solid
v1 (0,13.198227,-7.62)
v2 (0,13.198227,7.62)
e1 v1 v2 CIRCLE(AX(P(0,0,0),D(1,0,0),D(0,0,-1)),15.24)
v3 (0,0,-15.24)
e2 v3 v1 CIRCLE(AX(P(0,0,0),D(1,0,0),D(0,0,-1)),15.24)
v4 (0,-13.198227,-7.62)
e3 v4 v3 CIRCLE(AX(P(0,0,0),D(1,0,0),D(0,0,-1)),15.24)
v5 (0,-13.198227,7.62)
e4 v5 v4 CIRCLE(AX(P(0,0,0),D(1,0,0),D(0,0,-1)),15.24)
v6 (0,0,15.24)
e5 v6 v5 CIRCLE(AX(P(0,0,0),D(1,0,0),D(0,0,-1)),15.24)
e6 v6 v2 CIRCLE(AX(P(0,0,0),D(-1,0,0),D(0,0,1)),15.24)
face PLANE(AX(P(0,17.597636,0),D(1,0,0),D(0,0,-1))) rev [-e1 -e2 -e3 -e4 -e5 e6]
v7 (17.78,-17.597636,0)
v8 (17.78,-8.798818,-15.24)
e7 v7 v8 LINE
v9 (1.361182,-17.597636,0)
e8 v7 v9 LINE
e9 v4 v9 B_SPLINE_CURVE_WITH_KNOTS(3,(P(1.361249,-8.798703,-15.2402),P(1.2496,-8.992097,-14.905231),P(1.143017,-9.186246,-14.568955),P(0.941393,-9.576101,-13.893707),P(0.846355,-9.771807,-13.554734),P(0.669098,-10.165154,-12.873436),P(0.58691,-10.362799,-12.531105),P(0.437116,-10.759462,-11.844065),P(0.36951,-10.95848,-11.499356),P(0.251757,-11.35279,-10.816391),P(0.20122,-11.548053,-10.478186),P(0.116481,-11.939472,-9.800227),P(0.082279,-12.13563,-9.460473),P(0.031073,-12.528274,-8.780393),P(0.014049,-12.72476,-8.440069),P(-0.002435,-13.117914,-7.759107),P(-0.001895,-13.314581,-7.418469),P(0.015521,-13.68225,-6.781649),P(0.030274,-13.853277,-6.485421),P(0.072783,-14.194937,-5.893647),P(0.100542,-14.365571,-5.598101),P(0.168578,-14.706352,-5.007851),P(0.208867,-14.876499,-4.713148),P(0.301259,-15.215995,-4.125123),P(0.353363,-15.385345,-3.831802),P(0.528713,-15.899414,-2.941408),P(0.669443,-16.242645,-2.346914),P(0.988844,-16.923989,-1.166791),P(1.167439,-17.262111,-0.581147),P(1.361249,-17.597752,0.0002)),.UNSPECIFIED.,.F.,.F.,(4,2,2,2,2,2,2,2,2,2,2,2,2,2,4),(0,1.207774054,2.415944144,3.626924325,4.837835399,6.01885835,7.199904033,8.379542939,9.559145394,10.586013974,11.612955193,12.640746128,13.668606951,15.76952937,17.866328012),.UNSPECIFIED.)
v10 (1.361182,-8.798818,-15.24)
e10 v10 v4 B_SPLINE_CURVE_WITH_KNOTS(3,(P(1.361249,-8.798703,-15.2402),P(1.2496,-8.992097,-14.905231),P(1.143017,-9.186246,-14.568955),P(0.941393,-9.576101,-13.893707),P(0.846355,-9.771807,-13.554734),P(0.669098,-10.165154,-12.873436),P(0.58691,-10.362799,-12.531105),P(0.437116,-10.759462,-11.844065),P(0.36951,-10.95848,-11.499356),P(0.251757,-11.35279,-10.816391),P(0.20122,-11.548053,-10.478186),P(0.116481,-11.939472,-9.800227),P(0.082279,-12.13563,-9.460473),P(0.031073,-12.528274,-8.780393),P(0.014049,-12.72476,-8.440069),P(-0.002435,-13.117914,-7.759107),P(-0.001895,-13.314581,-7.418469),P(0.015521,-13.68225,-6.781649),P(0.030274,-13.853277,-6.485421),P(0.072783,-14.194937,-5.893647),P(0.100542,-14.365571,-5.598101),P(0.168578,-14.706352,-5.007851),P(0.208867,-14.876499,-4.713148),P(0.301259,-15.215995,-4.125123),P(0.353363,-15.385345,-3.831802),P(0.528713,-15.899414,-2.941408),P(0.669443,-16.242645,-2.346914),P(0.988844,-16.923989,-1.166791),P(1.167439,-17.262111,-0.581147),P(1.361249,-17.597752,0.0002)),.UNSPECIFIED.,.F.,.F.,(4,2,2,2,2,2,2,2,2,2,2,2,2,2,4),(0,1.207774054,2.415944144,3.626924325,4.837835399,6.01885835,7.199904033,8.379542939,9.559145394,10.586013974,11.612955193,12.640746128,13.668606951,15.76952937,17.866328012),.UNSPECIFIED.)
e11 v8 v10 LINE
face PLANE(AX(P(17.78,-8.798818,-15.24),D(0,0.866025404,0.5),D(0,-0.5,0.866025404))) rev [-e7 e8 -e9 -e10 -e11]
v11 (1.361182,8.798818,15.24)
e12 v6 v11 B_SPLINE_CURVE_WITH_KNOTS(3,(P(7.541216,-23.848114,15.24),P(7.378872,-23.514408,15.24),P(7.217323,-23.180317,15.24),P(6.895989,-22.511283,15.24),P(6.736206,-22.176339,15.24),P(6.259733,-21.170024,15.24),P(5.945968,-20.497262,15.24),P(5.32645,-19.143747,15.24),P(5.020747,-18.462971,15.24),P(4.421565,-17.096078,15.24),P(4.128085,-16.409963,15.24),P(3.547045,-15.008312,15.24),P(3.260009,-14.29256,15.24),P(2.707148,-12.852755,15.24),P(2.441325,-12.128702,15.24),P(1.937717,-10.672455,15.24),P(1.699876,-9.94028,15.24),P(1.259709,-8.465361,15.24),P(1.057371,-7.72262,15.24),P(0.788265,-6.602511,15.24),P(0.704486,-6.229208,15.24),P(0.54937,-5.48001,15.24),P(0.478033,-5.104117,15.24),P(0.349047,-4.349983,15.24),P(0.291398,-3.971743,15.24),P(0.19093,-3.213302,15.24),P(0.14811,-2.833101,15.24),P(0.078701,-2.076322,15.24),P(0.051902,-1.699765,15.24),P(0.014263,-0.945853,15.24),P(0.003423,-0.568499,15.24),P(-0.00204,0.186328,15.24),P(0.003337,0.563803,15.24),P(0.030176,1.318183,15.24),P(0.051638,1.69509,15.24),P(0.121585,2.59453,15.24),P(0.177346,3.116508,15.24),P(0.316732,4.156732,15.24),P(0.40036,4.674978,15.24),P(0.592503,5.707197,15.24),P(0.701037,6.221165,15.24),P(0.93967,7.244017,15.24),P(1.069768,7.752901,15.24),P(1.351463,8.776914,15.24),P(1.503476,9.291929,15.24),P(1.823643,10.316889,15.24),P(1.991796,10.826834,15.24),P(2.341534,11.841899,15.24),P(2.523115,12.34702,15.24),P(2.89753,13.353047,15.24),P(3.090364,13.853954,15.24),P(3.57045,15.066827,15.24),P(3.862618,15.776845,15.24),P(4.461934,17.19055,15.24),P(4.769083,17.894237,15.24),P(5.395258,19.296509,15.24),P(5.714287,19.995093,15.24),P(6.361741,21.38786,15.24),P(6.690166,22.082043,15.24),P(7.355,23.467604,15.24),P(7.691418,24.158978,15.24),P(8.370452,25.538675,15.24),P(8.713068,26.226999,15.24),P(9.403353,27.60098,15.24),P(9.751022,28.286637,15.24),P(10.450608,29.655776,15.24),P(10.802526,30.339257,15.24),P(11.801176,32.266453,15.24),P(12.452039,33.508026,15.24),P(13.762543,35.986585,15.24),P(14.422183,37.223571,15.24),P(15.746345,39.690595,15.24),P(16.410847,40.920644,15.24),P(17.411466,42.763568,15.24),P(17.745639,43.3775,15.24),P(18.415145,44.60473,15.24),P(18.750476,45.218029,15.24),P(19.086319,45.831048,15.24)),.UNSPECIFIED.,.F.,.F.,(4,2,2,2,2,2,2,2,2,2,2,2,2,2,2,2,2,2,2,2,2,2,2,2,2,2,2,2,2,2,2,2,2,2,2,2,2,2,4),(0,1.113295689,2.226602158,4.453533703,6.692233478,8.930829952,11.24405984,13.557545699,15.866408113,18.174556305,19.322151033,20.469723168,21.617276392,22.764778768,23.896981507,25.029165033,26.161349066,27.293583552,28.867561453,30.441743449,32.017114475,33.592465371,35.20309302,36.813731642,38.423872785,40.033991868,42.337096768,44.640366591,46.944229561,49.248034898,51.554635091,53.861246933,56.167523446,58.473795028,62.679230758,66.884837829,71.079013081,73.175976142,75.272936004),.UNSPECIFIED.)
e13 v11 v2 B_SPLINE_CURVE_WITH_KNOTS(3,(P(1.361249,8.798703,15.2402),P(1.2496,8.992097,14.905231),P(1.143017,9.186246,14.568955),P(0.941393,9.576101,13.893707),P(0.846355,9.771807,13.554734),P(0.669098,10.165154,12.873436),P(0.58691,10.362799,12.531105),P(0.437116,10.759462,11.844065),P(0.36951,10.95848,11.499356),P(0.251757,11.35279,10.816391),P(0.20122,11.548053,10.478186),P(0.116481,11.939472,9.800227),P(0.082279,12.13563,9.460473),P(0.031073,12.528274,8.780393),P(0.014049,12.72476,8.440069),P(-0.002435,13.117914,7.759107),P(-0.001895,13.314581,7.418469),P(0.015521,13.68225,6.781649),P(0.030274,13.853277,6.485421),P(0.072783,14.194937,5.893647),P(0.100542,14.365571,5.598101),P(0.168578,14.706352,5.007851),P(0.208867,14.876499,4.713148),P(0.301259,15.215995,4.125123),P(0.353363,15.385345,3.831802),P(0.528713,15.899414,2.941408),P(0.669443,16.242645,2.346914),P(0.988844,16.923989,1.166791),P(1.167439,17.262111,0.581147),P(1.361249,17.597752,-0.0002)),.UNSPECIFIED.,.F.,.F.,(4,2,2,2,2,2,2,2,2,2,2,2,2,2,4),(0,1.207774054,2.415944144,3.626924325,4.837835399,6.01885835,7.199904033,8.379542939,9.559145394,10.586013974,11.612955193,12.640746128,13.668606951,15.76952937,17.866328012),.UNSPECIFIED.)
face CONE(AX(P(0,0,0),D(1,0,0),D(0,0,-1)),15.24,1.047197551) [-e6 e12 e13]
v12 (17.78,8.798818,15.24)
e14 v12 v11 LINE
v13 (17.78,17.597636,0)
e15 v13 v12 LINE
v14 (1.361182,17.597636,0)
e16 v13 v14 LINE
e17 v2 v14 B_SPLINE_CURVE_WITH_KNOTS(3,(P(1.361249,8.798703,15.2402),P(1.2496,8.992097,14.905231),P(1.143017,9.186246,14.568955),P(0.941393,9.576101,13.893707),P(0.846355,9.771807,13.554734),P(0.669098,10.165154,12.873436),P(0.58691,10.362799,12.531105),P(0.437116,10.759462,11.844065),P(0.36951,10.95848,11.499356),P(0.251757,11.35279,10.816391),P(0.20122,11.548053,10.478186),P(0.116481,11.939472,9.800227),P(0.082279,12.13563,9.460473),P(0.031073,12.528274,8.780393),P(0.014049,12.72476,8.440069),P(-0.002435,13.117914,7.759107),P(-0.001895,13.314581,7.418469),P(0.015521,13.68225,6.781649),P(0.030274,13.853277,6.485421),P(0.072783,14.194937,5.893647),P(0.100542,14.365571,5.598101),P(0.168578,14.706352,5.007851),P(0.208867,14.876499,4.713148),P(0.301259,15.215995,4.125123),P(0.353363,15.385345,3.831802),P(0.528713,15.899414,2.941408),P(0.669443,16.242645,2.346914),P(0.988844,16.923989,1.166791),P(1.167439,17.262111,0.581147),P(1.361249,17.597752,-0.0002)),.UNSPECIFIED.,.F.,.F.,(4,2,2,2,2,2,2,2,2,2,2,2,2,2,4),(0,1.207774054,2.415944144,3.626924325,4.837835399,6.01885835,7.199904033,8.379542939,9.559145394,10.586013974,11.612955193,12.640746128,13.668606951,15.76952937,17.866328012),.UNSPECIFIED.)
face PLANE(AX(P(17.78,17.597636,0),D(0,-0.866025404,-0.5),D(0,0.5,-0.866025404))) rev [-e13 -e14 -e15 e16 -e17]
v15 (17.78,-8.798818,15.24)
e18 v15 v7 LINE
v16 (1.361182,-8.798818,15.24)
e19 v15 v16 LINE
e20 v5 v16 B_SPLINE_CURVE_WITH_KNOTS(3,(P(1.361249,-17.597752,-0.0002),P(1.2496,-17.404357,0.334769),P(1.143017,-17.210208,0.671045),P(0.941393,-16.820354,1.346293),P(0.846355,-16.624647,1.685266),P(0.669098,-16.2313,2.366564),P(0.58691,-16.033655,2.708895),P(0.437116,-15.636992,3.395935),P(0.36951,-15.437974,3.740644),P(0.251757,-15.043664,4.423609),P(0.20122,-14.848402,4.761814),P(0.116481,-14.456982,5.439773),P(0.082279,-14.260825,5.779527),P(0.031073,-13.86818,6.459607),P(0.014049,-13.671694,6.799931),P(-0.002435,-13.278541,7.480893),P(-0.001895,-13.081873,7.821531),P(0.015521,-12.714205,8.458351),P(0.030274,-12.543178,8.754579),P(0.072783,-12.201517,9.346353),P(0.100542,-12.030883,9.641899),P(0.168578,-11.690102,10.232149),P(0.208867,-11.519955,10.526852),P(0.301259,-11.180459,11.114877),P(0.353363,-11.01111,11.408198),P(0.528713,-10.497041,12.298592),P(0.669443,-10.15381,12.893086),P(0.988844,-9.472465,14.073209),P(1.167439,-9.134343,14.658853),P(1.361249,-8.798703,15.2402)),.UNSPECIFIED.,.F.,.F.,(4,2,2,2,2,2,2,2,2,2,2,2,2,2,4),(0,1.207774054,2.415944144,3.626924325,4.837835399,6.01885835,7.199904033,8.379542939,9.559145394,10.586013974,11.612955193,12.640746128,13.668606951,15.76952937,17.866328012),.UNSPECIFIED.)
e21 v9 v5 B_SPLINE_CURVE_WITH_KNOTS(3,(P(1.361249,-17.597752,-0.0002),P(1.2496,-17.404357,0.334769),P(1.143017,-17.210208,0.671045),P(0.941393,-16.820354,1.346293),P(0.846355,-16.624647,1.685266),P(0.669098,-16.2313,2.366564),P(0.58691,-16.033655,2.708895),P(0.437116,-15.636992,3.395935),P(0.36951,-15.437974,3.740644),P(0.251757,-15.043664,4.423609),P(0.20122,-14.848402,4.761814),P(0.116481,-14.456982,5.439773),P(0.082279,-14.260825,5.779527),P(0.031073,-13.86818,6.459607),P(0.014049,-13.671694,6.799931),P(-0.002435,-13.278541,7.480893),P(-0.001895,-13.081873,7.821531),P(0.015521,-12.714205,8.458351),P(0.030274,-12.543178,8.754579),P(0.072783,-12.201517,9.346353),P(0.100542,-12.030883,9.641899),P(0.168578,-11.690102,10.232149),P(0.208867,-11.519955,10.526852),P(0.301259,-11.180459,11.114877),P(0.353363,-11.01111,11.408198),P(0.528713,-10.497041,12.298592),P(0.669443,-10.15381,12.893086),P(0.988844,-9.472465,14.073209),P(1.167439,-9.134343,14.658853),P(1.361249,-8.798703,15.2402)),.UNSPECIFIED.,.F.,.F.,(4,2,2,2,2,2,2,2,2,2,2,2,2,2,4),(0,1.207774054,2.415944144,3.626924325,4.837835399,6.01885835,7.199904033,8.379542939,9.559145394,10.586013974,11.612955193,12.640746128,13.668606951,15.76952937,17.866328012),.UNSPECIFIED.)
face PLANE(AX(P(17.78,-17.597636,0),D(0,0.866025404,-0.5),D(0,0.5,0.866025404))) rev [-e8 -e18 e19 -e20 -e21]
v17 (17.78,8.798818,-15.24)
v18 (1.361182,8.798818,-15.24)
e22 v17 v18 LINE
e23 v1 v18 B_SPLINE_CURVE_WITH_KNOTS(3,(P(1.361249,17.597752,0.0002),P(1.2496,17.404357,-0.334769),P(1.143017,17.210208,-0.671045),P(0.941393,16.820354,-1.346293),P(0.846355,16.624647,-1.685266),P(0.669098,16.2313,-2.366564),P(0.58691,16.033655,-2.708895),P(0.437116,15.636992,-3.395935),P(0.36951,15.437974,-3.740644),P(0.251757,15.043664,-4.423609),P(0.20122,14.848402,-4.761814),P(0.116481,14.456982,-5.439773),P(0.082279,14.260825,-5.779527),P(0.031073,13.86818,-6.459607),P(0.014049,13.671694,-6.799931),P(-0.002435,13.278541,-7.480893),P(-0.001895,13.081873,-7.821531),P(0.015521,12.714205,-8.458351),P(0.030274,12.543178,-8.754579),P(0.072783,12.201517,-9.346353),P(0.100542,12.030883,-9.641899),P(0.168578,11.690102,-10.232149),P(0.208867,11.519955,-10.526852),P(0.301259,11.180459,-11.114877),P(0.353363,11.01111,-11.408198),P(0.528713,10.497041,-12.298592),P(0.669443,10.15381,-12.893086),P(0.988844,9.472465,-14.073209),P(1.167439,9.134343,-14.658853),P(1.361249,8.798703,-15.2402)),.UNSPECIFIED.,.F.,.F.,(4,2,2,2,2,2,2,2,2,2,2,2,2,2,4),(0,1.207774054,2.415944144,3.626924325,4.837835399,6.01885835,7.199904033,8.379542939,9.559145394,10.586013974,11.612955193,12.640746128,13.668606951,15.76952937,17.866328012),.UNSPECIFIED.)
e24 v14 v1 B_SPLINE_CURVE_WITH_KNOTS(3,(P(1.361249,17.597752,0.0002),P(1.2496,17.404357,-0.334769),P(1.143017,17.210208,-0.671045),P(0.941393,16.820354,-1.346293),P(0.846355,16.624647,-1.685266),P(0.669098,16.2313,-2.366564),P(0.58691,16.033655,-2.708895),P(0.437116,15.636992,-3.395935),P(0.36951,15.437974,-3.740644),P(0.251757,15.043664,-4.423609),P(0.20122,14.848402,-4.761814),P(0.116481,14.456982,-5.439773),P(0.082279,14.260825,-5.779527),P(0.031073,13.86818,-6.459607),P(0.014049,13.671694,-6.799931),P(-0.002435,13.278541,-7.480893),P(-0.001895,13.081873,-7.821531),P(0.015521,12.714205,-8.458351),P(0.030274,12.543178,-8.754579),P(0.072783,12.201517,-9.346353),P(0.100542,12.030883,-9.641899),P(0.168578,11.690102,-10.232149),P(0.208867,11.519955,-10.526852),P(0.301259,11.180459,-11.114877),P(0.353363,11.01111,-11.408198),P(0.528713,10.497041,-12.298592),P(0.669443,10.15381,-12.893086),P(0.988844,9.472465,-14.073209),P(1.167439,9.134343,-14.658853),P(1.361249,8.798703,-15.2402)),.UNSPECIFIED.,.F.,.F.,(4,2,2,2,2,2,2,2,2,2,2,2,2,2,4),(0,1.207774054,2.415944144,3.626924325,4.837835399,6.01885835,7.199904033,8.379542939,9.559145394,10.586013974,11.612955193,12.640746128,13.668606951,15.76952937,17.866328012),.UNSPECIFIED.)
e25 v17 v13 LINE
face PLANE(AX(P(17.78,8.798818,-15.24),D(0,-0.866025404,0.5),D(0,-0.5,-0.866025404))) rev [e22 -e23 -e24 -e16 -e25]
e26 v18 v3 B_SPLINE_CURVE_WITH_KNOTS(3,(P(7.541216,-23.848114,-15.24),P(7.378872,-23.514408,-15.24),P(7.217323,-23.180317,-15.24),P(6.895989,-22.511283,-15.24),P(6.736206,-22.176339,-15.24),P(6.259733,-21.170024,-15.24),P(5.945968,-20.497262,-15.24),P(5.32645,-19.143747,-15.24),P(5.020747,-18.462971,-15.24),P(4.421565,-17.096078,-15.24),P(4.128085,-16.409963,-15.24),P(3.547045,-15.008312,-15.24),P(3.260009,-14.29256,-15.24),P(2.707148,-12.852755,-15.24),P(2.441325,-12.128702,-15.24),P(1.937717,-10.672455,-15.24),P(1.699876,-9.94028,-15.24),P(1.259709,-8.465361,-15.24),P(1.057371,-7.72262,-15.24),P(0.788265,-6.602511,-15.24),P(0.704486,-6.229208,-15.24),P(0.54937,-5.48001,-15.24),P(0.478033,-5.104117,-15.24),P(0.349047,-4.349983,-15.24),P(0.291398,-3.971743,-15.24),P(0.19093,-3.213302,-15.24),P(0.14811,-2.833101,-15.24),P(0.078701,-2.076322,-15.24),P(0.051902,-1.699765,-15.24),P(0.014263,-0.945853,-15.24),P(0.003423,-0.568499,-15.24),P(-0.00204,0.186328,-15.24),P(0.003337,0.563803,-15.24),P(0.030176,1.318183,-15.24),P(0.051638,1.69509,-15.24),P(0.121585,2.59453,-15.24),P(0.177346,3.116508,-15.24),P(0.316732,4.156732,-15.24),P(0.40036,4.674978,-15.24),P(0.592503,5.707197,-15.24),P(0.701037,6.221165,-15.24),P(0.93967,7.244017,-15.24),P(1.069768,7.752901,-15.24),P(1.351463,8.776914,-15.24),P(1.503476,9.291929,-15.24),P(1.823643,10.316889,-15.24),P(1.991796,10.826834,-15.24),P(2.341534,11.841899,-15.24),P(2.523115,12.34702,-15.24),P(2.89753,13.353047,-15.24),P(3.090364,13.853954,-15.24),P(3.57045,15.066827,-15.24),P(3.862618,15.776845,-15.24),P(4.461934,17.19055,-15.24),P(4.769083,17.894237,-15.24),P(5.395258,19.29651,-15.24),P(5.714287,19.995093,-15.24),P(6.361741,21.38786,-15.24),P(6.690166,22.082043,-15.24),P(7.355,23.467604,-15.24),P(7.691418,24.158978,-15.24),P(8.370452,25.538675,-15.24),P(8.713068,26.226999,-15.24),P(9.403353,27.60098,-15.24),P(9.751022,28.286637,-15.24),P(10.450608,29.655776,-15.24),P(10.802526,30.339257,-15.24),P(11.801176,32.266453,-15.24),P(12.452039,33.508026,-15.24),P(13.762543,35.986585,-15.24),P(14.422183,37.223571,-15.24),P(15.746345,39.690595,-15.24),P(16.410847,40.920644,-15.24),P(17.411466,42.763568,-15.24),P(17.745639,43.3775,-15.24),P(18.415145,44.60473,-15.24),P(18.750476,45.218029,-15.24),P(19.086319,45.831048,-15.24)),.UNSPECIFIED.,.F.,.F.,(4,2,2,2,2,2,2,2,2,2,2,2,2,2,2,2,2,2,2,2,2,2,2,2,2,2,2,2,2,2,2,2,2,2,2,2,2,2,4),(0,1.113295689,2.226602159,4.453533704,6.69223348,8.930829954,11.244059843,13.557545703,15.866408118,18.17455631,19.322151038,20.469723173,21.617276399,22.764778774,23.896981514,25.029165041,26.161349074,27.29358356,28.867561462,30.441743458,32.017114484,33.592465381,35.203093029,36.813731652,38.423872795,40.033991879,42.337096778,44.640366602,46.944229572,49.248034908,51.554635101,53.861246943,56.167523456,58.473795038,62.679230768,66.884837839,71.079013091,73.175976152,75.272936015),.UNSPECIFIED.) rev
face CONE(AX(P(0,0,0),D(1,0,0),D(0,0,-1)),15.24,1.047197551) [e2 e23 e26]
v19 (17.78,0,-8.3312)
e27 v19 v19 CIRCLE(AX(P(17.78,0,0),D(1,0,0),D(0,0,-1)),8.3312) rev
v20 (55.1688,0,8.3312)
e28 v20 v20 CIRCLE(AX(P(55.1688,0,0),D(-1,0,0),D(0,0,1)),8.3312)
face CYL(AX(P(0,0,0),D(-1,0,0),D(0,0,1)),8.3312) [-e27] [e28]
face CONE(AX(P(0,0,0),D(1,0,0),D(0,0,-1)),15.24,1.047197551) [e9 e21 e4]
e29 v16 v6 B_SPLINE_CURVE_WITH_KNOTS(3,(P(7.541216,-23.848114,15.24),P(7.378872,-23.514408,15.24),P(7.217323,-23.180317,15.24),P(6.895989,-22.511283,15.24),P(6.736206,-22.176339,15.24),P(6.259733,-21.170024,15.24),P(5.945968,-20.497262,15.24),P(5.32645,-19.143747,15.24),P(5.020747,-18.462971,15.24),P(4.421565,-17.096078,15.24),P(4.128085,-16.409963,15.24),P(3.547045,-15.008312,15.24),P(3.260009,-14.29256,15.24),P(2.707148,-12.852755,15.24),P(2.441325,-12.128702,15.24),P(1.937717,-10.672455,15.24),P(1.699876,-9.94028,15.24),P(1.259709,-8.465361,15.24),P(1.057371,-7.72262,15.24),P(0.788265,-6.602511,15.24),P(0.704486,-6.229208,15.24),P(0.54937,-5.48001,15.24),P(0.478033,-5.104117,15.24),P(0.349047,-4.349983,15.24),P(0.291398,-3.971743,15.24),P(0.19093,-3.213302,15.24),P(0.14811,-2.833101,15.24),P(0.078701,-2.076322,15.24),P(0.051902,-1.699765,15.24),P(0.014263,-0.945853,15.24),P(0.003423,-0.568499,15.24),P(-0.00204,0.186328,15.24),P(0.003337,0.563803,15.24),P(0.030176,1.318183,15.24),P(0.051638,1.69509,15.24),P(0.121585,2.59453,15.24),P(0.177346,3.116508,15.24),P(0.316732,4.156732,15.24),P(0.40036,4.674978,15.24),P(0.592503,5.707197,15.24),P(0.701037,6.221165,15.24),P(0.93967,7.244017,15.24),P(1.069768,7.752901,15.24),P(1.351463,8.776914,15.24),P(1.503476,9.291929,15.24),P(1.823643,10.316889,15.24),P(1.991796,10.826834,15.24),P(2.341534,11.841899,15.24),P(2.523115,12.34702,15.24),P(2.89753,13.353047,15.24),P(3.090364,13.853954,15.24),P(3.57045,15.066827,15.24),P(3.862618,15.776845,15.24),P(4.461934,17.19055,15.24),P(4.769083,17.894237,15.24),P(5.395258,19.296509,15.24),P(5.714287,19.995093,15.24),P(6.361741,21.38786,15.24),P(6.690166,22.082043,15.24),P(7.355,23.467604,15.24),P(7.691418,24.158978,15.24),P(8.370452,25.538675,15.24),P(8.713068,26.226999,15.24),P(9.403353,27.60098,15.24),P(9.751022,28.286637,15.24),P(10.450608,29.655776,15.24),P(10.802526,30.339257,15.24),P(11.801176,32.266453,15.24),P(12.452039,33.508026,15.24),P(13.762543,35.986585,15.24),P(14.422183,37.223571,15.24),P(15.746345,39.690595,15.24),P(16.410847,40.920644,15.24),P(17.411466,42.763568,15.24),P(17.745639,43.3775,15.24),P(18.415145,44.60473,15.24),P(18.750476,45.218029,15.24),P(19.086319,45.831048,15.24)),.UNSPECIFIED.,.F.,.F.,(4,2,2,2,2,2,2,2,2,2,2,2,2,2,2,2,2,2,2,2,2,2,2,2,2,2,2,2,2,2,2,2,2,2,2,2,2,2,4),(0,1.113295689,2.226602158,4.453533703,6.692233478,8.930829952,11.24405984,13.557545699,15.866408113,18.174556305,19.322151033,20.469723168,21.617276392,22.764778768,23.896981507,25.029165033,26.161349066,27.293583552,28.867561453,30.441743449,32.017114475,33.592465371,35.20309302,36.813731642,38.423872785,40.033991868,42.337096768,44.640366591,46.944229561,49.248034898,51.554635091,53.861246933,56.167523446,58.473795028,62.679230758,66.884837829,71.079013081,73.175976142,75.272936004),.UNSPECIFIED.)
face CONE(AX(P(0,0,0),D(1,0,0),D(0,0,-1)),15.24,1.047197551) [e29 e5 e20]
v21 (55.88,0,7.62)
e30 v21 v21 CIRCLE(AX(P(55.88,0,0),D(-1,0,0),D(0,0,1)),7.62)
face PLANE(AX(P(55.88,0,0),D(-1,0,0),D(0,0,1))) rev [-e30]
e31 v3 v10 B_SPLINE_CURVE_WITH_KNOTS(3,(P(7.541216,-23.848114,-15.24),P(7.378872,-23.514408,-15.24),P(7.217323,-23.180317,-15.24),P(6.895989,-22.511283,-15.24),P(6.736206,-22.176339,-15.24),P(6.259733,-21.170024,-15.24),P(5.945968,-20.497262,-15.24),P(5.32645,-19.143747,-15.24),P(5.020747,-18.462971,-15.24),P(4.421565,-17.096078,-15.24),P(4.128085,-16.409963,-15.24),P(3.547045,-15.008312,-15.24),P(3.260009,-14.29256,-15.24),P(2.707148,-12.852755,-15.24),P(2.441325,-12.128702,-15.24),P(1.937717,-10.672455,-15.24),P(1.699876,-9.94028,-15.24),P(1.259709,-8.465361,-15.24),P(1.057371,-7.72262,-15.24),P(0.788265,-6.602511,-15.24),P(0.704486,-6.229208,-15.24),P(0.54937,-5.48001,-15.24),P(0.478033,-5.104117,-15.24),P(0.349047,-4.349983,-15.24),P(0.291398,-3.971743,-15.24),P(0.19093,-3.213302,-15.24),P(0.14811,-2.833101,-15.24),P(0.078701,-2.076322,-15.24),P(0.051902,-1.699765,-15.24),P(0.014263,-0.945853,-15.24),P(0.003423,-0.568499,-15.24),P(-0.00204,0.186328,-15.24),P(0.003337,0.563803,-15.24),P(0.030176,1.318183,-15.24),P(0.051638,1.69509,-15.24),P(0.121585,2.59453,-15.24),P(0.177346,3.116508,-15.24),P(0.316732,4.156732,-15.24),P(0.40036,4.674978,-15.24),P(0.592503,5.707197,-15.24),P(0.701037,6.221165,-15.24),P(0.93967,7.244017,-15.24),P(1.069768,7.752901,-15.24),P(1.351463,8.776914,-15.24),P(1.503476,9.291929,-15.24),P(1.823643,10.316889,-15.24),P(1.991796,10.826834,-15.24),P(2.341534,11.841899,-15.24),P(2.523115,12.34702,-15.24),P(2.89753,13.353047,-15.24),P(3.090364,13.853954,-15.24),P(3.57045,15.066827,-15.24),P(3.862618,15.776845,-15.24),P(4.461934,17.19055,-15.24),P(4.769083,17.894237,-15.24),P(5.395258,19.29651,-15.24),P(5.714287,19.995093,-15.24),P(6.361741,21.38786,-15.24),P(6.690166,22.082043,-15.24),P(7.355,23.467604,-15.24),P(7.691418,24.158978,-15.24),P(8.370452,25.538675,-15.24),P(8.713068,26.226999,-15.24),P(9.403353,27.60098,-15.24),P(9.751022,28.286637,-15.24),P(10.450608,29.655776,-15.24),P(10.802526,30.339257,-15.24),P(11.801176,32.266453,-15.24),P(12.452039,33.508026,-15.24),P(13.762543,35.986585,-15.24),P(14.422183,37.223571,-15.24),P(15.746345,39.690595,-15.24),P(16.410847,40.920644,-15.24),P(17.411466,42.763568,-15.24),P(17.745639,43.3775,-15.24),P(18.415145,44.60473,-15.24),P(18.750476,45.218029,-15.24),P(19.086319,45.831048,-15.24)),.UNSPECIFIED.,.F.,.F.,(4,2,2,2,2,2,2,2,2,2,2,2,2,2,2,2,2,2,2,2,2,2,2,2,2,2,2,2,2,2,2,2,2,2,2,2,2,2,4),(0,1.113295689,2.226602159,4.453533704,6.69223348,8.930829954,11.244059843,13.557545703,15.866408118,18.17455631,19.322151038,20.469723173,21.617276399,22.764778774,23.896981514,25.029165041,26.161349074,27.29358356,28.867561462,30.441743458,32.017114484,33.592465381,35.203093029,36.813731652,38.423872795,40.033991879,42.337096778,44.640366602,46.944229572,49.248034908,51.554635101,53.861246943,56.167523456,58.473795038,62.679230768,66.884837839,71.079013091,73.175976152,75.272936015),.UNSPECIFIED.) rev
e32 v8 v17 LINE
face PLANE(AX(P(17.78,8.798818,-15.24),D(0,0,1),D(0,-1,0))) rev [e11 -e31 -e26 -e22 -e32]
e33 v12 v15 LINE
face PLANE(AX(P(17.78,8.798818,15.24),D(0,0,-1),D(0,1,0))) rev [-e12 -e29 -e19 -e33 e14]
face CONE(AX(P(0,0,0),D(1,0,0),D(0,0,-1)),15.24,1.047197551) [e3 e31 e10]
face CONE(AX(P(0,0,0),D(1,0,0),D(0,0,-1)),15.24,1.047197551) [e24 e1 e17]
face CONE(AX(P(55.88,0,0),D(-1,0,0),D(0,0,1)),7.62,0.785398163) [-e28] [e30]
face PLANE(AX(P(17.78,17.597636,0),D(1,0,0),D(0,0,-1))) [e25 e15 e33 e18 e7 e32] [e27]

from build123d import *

# Parameters (mm, degrees)
BASEHEAD_DEPTH = 17.78


with BuildPart() as part:
    # Sketch1 → BaseHead (new body)
    with BuildSketch(Plane(origin=(0, 0, 0), x_dir=(0, 0, -1), z_dir=(1, 0, 0))):
        Polygon((15.24, 8.798818102), (15.24, -8.798818102), (0, -17.597636205), (-15.24, -8.798818102), (-15.24, 8.798818102), (0, 17.597636205), align=None)
    extrude(amount=BASEHEAD_DEPTH)

    # BodySke → BaseBody (revolve)
    with BuildSketch(Plane.XY, mode=Mode.PRIVATE) as basebody_sk:
        Polygon((0, 0), (55.88, 0), (55.88, 7.62), (55.1688, 8.3312), (0, 8.3312), align=None)
    revolve(basebody_sk.sketch.rotate(Axis((0, 0, 0), (1, 0, 0)), 90), axis=Axis((0, 0, 0), (1, 0, 0)))

    # Sketch3 → HeadChamfer (revolve, cut)
    with BuildSketch(Plane.XY):
        Polygon((0, 15.24), (5.027356107, 23.947636205), (5.027356107, 30.297636205), (-12.7, 30.297636205), (-12.7, 15.24), align=None)
    revolve(axis=Axis((0, 0, 0), (1, 0, 0)), mode=Mode.SUBTRACT)


solid = part.part
